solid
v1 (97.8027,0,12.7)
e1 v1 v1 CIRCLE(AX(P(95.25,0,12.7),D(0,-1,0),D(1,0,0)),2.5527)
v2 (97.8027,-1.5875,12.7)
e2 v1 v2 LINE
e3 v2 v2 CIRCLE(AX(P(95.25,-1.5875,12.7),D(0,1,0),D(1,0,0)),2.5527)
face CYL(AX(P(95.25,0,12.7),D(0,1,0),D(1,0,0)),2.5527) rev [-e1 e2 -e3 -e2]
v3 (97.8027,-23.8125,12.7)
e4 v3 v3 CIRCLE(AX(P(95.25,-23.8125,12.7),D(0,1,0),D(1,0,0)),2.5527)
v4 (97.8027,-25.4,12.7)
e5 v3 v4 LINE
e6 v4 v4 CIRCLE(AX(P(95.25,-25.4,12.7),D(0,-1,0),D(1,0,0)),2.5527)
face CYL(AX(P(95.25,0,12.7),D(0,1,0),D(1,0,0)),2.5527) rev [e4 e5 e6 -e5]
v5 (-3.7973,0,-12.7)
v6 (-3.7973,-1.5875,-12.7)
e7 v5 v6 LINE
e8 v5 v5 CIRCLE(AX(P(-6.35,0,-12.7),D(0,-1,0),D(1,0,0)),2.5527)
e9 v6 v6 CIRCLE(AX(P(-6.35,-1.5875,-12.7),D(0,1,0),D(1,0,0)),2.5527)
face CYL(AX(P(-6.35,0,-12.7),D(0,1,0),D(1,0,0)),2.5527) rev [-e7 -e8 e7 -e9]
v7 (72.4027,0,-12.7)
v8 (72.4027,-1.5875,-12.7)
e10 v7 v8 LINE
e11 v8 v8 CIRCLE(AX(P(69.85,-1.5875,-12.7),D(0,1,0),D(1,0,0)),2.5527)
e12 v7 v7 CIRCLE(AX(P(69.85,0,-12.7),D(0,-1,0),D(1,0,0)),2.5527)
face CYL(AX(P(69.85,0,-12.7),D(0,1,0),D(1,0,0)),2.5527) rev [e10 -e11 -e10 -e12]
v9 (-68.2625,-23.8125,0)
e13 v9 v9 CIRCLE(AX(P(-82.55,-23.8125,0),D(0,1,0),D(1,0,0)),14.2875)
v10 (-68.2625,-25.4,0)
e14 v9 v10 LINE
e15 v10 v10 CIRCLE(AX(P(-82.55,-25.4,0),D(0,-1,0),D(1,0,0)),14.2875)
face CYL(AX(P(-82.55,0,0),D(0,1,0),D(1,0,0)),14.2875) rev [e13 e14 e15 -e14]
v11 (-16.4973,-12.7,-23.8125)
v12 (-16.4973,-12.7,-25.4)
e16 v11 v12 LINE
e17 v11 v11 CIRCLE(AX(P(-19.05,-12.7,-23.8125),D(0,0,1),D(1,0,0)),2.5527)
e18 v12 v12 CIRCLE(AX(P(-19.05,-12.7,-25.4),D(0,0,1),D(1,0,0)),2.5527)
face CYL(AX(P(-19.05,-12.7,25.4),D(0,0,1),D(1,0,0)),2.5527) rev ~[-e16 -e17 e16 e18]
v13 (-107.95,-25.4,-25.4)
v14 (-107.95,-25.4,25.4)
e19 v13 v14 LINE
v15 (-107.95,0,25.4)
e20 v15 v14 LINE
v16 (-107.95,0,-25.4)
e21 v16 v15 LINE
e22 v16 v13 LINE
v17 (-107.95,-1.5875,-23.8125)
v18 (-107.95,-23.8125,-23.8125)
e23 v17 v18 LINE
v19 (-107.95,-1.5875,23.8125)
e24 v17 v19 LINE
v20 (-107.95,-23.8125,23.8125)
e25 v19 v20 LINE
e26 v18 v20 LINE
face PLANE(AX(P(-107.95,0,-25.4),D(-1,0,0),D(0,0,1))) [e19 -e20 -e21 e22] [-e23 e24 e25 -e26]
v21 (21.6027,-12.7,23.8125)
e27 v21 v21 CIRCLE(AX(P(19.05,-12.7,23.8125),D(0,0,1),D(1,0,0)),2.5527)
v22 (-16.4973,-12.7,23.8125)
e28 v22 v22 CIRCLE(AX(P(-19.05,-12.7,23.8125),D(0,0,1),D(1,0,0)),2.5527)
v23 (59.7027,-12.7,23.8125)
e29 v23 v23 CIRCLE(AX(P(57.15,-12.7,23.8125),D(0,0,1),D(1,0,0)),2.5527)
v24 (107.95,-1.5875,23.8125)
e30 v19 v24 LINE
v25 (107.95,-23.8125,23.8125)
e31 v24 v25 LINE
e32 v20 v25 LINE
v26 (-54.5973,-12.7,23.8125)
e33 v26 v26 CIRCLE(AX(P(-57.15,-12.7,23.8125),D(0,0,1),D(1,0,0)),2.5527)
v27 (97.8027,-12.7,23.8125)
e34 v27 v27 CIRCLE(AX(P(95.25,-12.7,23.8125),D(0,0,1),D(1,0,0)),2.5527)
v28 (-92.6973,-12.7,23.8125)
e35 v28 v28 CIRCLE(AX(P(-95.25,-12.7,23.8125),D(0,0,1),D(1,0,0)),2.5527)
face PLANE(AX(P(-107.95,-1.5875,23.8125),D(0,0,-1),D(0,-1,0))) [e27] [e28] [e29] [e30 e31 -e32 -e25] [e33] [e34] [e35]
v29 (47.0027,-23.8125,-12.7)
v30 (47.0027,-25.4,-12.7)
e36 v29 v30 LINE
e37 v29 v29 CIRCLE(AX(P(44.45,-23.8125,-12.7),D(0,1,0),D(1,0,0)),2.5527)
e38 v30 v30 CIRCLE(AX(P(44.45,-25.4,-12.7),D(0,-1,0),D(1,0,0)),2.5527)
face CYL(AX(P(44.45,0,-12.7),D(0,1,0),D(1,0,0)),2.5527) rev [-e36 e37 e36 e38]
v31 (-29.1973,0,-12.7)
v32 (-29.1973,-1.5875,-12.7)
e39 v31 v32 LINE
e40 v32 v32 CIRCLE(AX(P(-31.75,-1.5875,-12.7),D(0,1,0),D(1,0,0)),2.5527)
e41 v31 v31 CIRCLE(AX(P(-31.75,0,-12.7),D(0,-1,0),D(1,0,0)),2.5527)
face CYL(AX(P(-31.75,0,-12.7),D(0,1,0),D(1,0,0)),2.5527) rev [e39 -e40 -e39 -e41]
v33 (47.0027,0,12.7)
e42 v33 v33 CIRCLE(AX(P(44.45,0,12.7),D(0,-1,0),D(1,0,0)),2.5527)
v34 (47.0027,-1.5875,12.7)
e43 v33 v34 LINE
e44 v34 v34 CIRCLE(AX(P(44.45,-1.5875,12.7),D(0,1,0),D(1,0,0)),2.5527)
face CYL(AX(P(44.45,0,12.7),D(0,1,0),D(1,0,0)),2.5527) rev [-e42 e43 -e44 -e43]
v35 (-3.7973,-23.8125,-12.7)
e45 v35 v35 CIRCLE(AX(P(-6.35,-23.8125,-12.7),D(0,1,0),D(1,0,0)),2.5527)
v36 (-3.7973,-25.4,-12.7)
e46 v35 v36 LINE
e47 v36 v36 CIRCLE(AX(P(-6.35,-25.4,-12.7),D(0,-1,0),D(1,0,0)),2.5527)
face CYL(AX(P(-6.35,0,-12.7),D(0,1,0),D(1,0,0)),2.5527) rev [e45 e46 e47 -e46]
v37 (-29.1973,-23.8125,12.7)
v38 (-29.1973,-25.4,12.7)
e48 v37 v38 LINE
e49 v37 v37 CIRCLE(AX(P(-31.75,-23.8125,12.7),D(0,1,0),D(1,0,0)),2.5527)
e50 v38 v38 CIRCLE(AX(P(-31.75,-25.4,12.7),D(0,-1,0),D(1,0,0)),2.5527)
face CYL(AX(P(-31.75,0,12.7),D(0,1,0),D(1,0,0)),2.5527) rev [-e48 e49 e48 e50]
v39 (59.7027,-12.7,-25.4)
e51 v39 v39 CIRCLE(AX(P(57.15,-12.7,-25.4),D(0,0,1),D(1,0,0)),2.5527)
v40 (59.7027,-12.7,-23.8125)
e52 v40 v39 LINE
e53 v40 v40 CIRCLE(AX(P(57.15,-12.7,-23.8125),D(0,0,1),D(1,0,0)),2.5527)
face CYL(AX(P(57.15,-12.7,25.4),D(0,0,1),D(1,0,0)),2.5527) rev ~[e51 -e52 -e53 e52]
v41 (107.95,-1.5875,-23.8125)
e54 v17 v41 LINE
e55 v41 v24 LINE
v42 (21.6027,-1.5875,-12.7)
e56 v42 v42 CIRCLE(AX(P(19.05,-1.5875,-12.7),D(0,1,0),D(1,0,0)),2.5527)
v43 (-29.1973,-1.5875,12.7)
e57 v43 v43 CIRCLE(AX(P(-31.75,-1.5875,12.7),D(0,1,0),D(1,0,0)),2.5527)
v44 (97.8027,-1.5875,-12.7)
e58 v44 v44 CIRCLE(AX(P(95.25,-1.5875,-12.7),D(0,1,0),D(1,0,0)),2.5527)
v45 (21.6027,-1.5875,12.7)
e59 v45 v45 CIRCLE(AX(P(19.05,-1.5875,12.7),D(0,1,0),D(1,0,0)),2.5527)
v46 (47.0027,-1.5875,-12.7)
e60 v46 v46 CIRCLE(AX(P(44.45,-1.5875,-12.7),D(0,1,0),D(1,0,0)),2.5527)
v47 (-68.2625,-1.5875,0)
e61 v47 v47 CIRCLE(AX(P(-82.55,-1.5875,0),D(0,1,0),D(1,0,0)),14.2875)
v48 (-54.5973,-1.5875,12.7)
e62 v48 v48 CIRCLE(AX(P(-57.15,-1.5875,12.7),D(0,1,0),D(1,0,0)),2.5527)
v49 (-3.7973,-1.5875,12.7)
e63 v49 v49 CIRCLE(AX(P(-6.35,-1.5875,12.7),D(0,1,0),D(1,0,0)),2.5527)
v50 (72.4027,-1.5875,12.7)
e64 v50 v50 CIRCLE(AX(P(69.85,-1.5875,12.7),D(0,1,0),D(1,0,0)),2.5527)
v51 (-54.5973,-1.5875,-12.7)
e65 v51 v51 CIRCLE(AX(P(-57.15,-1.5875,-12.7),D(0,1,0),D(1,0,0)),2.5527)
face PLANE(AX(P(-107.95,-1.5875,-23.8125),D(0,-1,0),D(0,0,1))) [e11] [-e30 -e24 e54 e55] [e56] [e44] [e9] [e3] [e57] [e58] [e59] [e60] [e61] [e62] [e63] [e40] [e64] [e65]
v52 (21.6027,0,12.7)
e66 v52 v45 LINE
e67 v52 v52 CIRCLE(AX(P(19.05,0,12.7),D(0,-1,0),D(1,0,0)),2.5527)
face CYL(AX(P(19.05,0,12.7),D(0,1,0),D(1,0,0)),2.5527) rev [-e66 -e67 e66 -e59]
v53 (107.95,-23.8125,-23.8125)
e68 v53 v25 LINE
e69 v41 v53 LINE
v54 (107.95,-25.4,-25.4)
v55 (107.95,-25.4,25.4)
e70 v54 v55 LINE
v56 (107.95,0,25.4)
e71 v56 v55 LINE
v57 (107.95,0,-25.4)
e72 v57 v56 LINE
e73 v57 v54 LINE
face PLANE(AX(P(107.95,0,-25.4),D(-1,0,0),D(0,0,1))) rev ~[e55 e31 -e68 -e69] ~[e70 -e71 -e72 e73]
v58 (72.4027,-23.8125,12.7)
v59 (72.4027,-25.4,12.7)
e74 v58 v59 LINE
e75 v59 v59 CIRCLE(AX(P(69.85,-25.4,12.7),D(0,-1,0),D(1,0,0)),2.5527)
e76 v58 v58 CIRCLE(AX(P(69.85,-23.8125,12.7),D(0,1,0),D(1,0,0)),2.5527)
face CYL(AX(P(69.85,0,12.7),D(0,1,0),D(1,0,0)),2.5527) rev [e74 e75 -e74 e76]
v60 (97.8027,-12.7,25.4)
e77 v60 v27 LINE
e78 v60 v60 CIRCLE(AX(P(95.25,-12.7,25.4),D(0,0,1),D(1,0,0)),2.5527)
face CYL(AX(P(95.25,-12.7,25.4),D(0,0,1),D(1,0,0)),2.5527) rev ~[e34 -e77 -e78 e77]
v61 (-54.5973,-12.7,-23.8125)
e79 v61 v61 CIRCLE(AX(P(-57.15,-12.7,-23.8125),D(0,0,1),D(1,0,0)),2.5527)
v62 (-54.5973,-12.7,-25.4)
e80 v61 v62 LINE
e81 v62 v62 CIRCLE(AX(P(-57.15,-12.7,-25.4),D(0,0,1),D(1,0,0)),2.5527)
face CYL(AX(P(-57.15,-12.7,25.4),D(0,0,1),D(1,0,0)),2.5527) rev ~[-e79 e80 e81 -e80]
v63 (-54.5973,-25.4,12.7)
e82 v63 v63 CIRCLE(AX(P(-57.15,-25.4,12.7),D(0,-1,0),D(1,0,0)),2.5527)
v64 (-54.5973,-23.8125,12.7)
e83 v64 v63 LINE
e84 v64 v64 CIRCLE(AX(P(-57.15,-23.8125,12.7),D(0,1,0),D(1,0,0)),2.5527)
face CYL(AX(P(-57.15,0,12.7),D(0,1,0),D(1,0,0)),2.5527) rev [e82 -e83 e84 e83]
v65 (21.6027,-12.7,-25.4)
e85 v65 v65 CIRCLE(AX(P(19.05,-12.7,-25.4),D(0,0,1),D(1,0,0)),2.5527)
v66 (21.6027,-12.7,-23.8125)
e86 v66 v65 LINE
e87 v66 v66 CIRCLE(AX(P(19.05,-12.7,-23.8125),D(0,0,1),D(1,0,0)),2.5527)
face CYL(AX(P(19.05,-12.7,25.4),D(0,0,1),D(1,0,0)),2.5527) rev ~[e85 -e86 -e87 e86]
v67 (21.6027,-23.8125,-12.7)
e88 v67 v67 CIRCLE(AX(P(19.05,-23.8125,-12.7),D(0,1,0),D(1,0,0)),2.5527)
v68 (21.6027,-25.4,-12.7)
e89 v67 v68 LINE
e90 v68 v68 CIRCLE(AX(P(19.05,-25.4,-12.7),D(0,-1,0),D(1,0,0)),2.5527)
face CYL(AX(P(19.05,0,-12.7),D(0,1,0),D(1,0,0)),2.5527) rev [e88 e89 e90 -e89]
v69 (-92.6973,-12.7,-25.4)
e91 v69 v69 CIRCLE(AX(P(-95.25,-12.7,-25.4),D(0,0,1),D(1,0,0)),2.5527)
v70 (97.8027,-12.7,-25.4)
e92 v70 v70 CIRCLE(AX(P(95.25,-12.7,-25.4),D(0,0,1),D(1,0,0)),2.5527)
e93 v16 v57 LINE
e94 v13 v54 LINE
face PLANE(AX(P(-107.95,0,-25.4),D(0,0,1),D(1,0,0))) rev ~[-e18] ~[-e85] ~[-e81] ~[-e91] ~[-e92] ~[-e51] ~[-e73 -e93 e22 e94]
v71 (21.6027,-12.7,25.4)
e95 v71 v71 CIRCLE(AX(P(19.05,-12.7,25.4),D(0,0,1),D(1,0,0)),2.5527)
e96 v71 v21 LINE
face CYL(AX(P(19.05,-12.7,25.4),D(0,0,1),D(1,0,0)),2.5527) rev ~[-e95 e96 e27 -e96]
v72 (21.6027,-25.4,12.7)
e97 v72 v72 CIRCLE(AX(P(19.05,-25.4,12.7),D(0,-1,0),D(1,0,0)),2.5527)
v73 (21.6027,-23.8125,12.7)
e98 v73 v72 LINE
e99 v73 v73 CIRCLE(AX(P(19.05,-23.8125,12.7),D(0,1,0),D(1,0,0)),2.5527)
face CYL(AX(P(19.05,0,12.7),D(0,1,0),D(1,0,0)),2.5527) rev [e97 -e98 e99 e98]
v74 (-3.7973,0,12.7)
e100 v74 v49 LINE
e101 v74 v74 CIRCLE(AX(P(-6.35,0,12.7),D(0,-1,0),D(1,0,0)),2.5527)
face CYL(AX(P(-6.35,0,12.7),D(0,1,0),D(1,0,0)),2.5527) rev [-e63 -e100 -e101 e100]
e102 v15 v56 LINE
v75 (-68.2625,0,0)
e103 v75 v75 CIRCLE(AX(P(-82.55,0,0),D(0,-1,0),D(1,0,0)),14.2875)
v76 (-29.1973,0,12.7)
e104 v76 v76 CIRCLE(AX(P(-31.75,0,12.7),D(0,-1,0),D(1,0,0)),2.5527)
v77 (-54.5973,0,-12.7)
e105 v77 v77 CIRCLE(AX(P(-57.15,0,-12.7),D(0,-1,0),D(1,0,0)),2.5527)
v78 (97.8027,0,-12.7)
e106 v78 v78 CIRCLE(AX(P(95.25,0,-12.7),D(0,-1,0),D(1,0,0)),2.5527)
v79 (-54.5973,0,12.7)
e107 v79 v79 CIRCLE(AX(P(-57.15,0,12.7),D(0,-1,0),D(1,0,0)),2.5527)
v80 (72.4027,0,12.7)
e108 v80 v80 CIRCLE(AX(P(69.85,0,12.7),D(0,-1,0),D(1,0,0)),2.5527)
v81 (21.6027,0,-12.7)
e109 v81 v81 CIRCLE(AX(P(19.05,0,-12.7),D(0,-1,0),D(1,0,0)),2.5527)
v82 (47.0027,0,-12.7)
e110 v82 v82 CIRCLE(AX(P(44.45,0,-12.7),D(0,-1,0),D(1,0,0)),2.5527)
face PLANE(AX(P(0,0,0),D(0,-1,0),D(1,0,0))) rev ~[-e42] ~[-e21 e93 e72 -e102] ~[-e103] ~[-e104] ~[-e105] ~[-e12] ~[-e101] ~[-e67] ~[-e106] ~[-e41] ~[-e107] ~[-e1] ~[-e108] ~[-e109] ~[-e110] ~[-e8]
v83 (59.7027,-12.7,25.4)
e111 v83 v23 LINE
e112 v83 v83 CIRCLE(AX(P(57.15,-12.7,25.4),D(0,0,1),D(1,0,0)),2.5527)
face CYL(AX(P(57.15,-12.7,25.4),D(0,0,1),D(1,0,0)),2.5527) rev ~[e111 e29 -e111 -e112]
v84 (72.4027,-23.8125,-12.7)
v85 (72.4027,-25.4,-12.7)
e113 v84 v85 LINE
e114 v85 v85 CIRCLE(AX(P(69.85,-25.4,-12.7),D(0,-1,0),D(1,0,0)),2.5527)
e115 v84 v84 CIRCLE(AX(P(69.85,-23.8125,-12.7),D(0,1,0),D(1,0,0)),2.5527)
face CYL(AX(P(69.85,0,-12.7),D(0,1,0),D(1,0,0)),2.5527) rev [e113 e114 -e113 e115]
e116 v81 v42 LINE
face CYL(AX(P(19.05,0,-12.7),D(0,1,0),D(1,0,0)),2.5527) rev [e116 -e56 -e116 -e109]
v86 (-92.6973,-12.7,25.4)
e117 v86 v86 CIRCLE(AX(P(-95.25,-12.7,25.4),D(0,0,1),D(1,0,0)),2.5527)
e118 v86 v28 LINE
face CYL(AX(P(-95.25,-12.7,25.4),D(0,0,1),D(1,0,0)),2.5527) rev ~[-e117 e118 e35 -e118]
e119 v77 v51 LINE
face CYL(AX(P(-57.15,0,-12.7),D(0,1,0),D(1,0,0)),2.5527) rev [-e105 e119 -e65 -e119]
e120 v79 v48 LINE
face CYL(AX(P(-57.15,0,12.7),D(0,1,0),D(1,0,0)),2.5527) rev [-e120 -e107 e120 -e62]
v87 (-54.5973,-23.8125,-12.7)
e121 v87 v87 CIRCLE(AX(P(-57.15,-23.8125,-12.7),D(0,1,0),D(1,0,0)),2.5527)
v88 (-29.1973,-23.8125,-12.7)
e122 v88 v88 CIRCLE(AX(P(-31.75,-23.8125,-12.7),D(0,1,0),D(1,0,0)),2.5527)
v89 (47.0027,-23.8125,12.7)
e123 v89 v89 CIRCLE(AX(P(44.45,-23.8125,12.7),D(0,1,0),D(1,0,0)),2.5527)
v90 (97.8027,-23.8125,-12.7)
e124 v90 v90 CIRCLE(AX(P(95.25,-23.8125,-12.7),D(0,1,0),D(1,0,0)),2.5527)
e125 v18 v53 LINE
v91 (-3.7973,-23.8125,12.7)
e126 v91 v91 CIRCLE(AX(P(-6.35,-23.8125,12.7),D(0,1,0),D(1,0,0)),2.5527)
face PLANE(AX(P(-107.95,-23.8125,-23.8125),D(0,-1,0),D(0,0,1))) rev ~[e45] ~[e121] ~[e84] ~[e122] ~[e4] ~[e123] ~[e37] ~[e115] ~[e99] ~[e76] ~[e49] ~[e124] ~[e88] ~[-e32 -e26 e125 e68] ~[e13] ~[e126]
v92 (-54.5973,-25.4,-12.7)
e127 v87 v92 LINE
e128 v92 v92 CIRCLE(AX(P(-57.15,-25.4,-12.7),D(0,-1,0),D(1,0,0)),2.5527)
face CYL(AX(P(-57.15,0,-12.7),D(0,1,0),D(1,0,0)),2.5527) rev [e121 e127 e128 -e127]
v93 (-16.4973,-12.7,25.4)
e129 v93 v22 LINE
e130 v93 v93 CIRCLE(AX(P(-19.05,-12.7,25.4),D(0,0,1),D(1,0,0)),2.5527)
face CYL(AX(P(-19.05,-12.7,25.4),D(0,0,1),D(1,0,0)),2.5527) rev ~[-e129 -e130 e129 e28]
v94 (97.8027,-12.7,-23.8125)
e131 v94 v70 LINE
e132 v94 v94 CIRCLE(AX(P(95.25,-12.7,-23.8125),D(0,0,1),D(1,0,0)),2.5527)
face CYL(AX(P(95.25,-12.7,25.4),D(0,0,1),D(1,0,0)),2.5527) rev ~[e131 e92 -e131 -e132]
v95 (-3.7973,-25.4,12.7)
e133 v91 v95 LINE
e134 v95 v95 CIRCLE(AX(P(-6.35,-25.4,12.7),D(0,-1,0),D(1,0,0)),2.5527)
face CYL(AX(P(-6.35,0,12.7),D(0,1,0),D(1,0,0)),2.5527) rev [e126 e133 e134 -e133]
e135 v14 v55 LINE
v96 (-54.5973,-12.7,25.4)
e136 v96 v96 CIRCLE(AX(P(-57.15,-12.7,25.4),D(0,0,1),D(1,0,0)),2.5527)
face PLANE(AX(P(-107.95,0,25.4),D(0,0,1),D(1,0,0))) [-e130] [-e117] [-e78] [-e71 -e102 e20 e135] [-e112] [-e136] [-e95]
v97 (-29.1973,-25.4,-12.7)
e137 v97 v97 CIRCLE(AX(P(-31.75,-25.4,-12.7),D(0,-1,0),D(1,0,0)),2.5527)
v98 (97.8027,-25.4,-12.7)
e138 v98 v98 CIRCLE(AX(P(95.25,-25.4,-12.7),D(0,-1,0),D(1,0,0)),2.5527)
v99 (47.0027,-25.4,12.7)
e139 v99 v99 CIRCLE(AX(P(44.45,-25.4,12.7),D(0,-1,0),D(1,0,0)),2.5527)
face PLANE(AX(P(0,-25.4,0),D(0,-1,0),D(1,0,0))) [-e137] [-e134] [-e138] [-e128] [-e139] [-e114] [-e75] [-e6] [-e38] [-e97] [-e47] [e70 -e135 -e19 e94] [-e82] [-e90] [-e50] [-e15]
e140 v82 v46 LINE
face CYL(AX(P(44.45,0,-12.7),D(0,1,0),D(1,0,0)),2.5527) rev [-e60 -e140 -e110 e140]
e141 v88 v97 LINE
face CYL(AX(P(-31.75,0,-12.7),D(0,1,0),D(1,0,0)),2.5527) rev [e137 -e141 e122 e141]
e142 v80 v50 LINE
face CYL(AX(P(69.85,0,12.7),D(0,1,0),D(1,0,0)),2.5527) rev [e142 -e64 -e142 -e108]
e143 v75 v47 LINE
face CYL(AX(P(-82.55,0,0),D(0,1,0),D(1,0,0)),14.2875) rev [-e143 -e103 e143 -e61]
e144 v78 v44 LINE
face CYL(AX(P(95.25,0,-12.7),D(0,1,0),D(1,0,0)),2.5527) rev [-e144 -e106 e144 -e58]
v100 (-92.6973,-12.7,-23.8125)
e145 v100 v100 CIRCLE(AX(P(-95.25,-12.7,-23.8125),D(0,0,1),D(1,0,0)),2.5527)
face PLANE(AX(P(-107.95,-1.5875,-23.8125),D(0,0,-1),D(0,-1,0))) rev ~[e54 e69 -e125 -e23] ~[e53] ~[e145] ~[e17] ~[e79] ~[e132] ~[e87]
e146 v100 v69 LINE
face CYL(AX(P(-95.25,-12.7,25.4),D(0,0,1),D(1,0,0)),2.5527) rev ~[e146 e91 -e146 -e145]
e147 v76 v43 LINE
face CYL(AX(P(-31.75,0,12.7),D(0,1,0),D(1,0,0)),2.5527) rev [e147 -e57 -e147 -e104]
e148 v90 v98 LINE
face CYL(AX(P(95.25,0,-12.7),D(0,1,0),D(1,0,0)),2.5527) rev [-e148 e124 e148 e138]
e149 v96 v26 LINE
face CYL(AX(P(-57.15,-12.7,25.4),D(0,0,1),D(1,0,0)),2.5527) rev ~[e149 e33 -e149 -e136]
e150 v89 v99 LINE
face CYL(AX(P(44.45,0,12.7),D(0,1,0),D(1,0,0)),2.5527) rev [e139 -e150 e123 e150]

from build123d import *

# Parameters (mm, degrees)
F0_W     = 215.9
F0_H     = 50.8
F0_R     = 2.5527
F0_R_2   = 14.2875
F1_DEPTH = 25.4
F2_W     = 22.225
F2_H     = 47.625
F3_DEPTH = 215.901
F4_R     = 2.5527
F5_DEPTH = 50.801


with BuildPart() as f1:
    # F0 (on Front) → F1 (new body)
    with BuildSketch(Plane.XZ):
        Rectangle(F0_W, F0_H)
        with Locations((-57.15, -12.7)):
            Circle(F0_R, mode=Mode.SUBTRACT)
        with Locations((-31.75, -12.7)):
            Circle(F0_R, mode=Mode.SUBTRACT)
        with Locations((-6.35, -12.7)):
            Circle(F0_R, mode=Mode.SUBTRACT)
        with Locations((-82.55, 0)):
            Circle(F0_R_2, mode=Mode.SUBTRACT)
        with Locations((19.05, -12.7)):
            Circle(F0_R, mode=Mode.SUBTRACT)
        with Locations((44.45, -12.7)):
            Circle(F0_R, mode=Mode.SUBTRACT)
        with Locations((69.85, -12.7)):
            Circle(F0_R, mode=Mode.SUBTRACT)
        with Locations((95.25, -12.7)):
            Circle(F0_R, mode=Mode.SUBTRACT)
        with Locations((-57.15, 12.7)):
            Circle(F0_R, mode=Mode.SUBTRACT)
        with Locations((-31.75, 12.7)):
            Circle(F0_R, mode=Mode.SUBTRACT)
        with Locations((-6.35, 12.7)):
            Circle(F0_R, mode=Mode.SUBTRACT)
        with Locations((19.05, 12.7)):
            Circle(F0_R, mode=Mode.SUBTRACT)
        with Locations((44.45, 12.7)):
            Circle(F0_R, mode=Mode.SUBTRACT)
        with Locations((69.85, 12.7)):
            Circle(F0_R, mode=Mode.SUBTRACT)
        with Locations((95.25, 12.7)):
            Circle(F0_R, mode=Mode.SUBTRACT)
    extrude(amount=F1_DEPTH)

    # F2 (on face) → F3 (cut, through all)
    with BuildSketch(Plane(origin=(-107.95, 0, 0), x_dir=(0, -1, 0), z_dir=(-1, 0, 0))):
        with Locations((12.7, 0)):
            Rectangle(F2_W, F2_H)
    extrude(amount=-F3_DEPTH, mode=Mode.SUBTRACT)

    # F4 (on face) → F5 (cut, through all)
    with BuildSketch(Plane.XY.offset(25.4)):
        with Locations((-95.25, -12.7)):
            Circle(F4_R)
        with Locations((-57.15, -12.7)):
            Circle(F4_R)
        with Locations((-19.05, -12.7)):
            Circle(F4_R)
        with Locations((19.05, -12.7)):
            Circle(F4_R)
        with Locations((57.15, -12.7)):
            Circle(F4_R)
        with Locations((95.25, -12.7)):
            Circle(F4_R)
    extrude(amount=-F5_DEPTH, mode=Mode.SUBTRACT)


solid = f1.part
